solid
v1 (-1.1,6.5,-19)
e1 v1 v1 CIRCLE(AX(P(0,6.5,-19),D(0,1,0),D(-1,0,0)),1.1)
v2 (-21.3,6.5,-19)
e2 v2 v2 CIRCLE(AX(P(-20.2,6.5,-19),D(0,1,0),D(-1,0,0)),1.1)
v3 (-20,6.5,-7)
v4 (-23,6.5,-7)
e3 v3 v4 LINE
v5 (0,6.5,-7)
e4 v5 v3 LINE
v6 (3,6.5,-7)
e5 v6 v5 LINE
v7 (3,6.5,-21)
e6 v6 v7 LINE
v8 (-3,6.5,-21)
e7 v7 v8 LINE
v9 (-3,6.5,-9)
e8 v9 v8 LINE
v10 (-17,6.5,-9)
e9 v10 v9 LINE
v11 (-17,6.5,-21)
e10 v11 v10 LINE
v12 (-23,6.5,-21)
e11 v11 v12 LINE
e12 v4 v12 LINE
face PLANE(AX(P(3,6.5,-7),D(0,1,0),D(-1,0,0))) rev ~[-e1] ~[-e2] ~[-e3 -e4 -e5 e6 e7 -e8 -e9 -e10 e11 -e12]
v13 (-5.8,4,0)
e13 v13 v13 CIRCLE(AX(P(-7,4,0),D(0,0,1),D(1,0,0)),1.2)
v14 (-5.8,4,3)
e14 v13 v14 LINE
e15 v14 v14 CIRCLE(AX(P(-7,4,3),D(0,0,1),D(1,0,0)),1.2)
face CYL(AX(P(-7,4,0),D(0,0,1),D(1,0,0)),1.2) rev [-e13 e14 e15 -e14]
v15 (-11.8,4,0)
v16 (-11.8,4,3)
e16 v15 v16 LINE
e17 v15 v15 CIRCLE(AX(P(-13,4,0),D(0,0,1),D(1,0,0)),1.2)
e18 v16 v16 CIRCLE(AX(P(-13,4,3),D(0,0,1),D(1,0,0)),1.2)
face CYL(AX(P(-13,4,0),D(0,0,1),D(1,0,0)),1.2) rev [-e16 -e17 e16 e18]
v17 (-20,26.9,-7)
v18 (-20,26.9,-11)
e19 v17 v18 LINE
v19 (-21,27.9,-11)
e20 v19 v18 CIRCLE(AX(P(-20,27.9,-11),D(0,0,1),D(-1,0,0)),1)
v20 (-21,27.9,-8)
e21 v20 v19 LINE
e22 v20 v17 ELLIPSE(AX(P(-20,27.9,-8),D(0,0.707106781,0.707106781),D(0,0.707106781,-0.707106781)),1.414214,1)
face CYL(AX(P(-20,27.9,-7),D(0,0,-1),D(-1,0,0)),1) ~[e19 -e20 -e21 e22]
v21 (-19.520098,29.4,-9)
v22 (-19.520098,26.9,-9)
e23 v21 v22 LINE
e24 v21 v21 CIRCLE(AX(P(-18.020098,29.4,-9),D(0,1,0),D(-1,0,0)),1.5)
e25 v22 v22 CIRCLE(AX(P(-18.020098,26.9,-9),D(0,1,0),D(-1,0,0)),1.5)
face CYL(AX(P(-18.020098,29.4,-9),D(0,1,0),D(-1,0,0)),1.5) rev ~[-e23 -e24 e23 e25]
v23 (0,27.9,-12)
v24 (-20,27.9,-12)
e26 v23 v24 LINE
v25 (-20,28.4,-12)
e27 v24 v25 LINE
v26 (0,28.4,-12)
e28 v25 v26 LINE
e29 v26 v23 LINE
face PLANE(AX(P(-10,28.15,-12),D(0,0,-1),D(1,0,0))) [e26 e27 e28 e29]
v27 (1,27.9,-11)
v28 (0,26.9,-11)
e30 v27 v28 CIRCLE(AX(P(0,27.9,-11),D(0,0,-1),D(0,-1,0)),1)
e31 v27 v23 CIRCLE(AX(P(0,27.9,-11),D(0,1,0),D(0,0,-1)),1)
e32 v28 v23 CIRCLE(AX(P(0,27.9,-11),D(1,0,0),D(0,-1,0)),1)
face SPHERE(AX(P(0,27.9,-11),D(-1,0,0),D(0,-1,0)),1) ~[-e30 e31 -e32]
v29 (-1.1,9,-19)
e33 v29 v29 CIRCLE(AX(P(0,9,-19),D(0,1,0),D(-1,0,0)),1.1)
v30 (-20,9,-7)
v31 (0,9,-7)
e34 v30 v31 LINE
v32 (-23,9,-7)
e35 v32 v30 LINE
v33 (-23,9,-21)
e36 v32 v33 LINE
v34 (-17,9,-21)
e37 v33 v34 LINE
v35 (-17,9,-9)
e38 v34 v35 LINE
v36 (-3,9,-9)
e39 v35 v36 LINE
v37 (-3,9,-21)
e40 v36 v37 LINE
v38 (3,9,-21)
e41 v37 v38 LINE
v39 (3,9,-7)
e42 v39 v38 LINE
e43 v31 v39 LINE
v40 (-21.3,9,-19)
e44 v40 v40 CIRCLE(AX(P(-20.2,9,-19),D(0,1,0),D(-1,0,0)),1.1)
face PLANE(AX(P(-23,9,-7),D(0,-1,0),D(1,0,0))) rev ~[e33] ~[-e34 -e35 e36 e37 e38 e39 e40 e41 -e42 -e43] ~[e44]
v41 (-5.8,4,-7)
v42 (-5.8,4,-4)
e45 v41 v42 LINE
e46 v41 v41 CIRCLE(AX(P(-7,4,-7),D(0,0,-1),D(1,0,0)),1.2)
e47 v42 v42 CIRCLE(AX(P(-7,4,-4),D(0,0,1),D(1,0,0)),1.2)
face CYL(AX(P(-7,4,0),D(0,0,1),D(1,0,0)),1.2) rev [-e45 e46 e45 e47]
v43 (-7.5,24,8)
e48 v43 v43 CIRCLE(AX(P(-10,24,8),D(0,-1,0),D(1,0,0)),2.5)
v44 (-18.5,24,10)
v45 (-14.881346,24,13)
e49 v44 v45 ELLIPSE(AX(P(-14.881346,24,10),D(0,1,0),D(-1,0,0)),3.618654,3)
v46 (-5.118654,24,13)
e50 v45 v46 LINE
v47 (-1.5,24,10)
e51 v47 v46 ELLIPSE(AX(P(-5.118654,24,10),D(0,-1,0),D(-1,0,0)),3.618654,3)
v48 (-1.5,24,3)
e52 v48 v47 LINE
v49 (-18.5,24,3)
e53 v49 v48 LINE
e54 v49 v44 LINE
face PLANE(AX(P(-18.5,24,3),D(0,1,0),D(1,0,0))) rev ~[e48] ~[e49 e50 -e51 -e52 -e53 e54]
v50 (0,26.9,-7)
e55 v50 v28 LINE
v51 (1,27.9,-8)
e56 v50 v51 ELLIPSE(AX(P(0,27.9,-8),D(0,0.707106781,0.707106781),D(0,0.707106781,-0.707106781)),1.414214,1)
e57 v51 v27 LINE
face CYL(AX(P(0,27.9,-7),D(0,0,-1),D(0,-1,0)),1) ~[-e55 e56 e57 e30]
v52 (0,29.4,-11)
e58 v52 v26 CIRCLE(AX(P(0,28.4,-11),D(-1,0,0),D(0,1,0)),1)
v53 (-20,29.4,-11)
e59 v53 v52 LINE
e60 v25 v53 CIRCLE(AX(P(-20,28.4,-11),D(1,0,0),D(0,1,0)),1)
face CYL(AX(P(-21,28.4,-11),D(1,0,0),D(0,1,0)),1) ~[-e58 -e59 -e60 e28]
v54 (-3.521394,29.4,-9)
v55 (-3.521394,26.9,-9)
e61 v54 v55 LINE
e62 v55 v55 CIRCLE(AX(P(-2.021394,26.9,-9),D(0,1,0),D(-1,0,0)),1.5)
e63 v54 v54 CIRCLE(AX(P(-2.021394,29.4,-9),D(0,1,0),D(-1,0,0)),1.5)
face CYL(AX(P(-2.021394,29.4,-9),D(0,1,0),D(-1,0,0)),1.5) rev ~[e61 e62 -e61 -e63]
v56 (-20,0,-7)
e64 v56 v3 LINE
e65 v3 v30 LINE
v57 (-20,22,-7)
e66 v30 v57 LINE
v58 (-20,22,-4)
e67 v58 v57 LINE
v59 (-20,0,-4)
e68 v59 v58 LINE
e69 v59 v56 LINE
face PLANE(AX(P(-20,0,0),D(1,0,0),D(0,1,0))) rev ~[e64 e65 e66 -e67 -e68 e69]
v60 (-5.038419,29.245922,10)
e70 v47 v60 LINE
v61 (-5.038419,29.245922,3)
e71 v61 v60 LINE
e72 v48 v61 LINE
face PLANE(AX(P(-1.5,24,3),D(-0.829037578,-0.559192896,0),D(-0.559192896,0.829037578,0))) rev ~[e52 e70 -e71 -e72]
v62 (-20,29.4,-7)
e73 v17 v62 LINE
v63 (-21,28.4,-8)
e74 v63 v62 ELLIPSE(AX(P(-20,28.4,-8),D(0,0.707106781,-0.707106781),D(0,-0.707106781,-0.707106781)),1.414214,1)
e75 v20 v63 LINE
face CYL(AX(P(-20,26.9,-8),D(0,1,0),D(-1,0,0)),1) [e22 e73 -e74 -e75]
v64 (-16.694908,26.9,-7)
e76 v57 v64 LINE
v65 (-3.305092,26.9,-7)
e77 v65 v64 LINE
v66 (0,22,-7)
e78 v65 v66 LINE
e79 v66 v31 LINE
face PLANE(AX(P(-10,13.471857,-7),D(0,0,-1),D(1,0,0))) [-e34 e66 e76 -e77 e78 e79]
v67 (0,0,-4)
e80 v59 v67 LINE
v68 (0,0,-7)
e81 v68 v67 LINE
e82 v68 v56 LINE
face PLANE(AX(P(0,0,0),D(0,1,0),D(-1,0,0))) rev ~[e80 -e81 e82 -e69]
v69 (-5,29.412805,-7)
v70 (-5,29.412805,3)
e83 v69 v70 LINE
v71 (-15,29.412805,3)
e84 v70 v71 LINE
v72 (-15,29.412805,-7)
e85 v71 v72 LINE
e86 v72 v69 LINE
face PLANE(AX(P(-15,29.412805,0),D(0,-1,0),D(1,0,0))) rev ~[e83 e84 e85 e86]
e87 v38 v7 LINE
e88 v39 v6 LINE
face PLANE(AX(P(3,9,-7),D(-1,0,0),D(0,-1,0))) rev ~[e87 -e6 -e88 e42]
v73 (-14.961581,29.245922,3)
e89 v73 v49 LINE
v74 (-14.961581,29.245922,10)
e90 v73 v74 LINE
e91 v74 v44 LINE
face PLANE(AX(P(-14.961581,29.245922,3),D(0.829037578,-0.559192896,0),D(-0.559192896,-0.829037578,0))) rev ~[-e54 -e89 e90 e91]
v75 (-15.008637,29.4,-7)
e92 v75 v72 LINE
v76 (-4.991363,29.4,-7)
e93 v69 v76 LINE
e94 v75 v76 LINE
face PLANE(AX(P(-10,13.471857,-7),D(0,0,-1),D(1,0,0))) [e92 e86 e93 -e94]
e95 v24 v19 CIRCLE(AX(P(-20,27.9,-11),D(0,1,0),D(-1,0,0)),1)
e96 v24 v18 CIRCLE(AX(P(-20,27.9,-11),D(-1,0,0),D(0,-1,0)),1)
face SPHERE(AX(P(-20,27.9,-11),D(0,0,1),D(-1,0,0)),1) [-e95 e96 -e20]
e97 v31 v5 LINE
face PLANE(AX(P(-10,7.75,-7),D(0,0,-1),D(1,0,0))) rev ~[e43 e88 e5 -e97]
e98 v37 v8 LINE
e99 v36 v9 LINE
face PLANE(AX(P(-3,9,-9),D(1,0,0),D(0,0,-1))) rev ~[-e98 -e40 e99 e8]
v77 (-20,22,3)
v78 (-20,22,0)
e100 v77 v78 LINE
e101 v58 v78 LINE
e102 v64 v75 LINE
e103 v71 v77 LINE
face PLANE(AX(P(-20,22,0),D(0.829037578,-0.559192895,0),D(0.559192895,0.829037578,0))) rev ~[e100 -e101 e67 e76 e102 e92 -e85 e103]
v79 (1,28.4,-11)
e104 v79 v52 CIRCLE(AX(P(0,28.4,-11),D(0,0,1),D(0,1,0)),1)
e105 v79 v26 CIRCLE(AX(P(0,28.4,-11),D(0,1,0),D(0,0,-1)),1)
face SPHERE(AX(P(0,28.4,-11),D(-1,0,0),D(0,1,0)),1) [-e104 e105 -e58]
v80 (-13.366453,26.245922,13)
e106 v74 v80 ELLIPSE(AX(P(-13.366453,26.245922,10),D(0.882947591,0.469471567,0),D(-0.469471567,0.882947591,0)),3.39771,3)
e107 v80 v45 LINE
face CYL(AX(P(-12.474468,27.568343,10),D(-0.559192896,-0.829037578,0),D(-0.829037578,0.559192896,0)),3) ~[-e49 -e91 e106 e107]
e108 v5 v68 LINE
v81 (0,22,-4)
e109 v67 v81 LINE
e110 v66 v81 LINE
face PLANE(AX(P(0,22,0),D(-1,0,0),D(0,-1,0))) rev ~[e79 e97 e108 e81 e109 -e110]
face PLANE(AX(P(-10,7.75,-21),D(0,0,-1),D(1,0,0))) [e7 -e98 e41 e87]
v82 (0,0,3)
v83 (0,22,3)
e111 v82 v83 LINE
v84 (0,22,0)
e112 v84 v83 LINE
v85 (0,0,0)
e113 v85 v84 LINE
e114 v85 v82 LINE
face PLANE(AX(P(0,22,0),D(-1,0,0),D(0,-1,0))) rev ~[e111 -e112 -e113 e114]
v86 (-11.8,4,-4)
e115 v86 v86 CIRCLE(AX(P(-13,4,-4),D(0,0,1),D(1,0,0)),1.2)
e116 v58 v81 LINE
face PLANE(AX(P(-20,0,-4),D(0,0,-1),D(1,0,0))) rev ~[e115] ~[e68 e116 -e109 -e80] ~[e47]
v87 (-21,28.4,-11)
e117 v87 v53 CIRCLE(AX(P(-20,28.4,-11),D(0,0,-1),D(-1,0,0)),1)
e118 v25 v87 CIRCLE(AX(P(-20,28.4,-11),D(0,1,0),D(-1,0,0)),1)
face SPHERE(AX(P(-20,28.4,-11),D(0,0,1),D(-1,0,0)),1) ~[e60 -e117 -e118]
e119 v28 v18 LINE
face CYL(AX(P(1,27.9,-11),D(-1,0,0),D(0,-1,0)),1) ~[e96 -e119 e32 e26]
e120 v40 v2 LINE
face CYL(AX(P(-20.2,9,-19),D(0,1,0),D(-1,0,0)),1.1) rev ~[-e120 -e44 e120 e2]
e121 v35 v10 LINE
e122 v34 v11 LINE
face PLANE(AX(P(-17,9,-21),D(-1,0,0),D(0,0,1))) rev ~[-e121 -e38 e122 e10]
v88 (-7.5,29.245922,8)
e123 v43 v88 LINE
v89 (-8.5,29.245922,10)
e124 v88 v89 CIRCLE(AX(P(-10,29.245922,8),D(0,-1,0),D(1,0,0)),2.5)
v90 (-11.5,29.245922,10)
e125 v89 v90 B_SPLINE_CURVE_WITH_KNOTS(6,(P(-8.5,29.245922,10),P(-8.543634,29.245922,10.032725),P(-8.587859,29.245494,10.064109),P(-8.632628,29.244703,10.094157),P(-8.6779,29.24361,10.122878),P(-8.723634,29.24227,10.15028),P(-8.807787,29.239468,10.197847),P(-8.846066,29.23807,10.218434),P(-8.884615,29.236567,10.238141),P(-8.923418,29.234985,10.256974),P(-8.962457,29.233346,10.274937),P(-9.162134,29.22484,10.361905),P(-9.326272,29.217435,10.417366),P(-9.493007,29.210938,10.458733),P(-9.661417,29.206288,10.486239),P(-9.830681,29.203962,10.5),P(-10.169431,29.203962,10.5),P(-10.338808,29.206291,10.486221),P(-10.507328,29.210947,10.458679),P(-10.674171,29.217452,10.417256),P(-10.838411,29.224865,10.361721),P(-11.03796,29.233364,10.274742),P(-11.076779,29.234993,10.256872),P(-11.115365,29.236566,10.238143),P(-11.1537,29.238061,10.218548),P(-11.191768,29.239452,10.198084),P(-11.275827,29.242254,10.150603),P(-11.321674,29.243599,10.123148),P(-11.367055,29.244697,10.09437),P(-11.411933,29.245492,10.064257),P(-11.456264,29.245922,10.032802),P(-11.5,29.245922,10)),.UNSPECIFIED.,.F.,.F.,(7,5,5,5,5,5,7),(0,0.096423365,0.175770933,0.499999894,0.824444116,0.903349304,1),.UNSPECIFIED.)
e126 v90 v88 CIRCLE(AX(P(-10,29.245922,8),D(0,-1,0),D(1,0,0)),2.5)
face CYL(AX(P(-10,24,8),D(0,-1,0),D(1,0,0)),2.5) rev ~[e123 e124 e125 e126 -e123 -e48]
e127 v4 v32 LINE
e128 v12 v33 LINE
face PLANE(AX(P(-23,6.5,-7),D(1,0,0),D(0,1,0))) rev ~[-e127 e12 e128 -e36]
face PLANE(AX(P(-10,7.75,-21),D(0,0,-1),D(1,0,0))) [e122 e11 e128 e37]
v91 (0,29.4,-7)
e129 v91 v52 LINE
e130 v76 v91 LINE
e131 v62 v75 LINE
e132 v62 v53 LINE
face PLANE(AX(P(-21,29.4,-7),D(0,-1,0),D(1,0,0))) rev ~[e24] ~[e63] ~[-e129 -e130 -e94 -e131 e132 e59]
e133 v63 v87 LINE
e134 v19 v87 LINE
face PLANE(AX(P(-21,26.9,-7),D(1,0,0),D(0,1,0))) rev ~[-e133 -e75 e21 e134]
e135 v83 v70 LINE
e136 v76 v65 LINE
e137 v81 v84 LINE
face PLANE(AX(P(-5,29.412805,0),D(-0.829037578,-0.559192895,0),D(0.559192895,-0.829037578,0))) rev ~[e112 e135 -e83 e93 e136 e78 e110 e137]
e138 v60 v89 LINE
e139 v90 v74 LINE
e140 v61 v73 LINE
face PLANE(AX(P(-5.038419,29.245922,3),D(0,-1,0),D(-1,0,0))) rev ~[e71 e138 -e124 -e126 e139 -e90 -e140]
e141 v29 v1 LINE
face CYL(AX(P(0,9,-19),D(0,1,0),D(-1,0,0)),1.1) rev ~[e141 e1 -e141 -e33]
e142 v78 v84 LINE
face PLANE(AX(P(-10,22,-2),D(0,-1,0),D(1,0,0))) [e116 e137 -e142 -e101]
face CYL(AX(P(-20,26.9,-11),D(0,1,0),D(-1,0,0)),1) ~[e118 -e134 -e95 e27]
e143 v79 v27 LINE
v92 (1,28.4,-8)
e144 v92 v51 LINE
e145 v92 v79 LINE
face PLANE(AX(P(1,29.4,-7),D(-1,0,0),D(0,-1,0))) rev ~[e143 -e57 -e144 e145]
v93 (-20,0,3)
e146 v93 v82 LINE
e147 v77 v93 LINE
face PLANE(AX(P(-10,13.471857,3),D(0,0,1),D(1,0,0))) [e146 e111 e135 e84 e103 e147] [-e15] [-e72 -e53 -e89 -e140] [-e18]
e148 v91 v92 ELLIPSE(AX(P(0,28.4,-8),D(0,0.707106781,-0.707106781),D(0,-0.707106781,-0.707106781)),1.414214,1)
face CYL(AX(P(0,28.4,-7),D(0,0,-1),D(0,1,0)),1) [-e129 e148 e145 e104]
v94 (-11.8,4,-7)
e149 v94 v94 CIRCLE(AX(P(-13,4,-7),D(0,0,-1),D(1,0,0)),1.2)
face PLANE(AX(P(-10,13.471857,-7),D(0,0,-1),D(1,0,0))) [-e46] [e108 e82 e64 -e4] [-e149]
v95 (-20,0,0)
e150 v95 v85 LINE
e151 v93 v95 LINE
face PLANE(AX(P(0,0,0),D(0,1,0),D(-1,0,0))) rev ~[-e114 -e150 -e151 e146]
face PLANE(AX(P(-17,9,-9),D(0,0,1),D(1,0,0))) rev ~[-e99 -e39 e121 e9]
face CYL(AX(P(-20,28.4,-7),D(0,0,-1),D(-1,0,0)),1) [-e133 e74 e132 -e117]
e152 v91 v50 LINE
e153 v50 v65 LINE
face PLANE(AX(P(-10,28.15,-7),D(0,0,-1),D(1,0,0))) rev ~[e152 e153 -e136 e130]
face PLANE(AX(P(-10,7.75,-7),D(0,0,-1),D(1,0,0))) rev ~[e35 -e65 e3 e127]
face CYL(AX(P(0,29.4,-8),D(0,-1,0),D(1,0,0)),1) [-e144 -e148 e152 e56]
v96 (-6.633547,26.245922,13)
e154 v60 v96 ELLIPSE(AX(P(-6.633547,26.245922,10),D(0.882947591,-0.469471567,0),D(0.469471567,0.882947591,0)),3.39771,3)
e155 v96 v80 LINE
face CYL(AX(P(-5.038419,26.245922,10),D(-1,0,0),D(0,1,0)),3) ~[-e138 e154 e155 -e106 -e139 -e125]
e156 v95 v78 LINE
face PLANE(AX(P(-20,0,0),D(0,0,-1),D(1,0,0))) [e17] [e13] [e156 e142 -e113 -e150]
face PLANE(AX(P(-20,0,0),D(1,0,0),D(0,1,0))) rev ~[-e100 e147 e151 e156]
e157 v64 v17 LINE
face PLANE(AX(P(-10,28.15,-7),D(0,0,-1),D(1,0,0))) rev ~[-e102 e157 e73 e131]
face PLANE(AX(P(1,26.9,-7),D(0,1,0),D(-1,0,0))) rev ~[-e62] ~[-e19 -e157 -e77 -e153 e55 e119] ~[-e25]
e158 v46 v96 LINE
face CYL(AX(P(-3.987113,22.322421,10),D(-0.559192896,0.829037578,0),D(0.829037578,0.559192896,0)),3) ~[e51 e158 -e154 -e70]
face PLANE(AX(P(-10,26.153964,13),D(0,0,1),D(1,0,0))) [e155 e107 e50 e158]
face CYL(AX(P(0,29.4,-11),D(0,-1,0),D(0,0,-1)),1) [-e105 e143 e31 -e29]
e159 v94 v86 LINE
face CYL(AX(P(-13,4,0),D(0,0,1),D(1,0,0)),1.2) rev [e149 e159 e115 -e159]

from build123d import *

# Parameters (mm, degrees)
SKETCH_R        = 1.2
PAD_DEPTH       = 3
PAD001_DEPTH    = 10
FILLET_R        = 3
SKETCH002_R     = 2.5
POCKET_DEPTH    = 6
SKETCH003_R     = 1.2
PAD002_DEPTH    = 7
SKETCH004_W     = 20
SKETCH004_H     = 4
POCKET001_DEPTH = 22
PAD003_DEPTH    = 14
SKETCH006_R     = 1.1
POCKET002_DEPTH = 3
PAD004_DEPTH    = 5
SKETCH008_R     = 1.5
POCKET003_DEPTH = 5
FILLET001_R     = 1
POCKET004_DEPTH = 5


with BuildPart() as part:
    # Sketch → Pad (new body)
    with BuildSketch(Plane.XY):
        Polygon((-20, 22), (-20, 0), (0, 0), (0, 22), (-5, 29.412805), (-15, 29.412805), align=None)
        with Locations((-7, 4)):
            Circle(SKETCH_R, mode=Mode.SUBTRACT)
        with Locations((-13, 4)):
            Circle(SKETCH_R, mode=Mode.SUBTRACT)
    extrude(amount=PAD_DEPTH)

    # Sketch001 (on Face10 of Pad) → Pad001 (join)
    with BuildSketch(Plane.XY.offset(3)):
        Polygon((-10, 24), (-1.5, 24), (-5.038419, 29.245922), (-14.961581, 29.245922), (-18.5, 24), align=None)
    extrude(amount=PAD001_DEPTH)

    # Fillet
    fillet_edges = [part.edges().sort_by_distance(p)[0] for p in [
        (-3.26921, 26.622961, 13),
        (-10, 29.245922, 13),
        (-16.73079, 26.622961, 13),
    ]]
    fillet(fillet_edges, radius=FILLET_R)

    # Sketch002 (on Face1 of Fillet) → Pocket (cut)
    with BuildSketch(Plane.XZ.offset(-24)):
        with Locations((-10, 8)):
            Circle(SKETCH002_R)
    extrude(amount=-POCKET_DEPTH, mode=Mode.SUBTRACT)

    # Sketch003 (on Face20 of Pocket) → Pad002 (join)
    with BuildSketch(Plane(origin=(0, 0, 0), x_dir=(1, 0, 0), z_dir=(0, 0, -1))):
        Polygon((0, 0), (-20, 0), (-20, -22), (-15, -29.412805), (-5, -29.412805), (0, -22), align=None)
        with Locations((-13, -4)):
            Circle(SKETCH003_R, mode=Mode.SUBTRACT)
        with Locations((-7, -4)):
            Circle(SKETCH003_R, mode=Mode.SUBTRACT)
    extrude(amount=PAD002_DEPTH)

    # Sketch004 (on Face22 of Pad002) → Pocket001 (cut)
    with BuildSketch(Plane.XZ):
        with Locations((-10, -2)):
            Rectangle(SKETCH004_W, SKETCH004_H)
    extrude(amount=-POCKET001_DEPTH, mode=Mode.SUBTRACT)

    # Sketch005 (on Face26 of Pocket001) → Pad003 (join)
    with BuildSketch(Plane(origin=(0, 0, -7), x_dir=(1, 0, 0), z_dir=(0, 0, -1))):
        Polygon((-10, -6.5), (-23, -6.5), (-23, -9), (-10, -9), (3, -9), (3, -6.5), align=None)
    extrude(amount=PAD003_DEPTH)

    # Sketch006 (on Face33 of Pad003) → Pocket002 (cut)
    with BuildSketch(Plane(origin=(0, 9, 0), x_dir=(-1, 0, 0), z_dir=(0, 1, 0))):
        with Locations((0, -19)):
            Circle(SKETCH006_R)
        with Locations((20.2, -19)):
            Circle(SKETCH006_R)
    extrude(amount=-POCKET002_DEPTH, mode=Mode.SUBTRACT)

    # Sketch007 (on Face26 of Pocket002) → Pad004 (join)
    with BuildSketch(Plane(origin=(0, 0, -7), x_dir=(1, 0, 0), z_dir=(0, 0, -1))):
        Polygon((-10, -26.9), (-21, -26.9), (-21, -29.4), (-10, -29.4), (1, -29.4), (1, -26.9), align=None)
    extrude(amount=PAD004_DEPTH)

    # Sketch008 → Pocket003 (cut)
    with BuildSketch(Plane(origin=(0, 29.4, 0), x_dir=(-1, 0, 0), z_dir=(0, 1, 0))):
        with Locations((2.021394, -9)):
            Circle(SKETCH008_R)
        with Locations((18.020098, -9)):
            Circle(SKETCH008_R)
    extrude(amount=-POCKET003_DEPTH, mode=Mode.SUBTRACT)

    # Fillet001
    fillet001_edges = [part.edges().sort_by_distance(p)[0] for p in [
        (-21, 26.9, -9.5),
        (-21, 29.4, -9.5),
        (-21, 28.15, -7),
        (-21, 28.15, -12),
        (-4.5, 29.4, -12),
        (-15.5, 29.4, -12),
        (-15.5, 26.9, -12),
        (-4.5, 26.9, -12),
        (1, 29.4, -9.5),
        (1, 26.9, -9.5),
        (1, 28.15, -12),
        (1, 28.15, -7),
    ]]
    fillet(fillet001_edges, radius=FILLET001_R)

    # Sketch009 (on Face29 of Fillet001) → Pocket004 (cut)
    with BuildSketch(Plane(origin=(0, 9, 0), x_dir=(-1, 0, 0), z_dir=(0, 1, 0))):
        Polygon((3, -15), (3, -21), (17, -21), (17, -9), (3, -9), align=None)
    extrude(amount=-POCKET004_DEPTH, mode=Mode.SUBTRACT)


solid = part.part
